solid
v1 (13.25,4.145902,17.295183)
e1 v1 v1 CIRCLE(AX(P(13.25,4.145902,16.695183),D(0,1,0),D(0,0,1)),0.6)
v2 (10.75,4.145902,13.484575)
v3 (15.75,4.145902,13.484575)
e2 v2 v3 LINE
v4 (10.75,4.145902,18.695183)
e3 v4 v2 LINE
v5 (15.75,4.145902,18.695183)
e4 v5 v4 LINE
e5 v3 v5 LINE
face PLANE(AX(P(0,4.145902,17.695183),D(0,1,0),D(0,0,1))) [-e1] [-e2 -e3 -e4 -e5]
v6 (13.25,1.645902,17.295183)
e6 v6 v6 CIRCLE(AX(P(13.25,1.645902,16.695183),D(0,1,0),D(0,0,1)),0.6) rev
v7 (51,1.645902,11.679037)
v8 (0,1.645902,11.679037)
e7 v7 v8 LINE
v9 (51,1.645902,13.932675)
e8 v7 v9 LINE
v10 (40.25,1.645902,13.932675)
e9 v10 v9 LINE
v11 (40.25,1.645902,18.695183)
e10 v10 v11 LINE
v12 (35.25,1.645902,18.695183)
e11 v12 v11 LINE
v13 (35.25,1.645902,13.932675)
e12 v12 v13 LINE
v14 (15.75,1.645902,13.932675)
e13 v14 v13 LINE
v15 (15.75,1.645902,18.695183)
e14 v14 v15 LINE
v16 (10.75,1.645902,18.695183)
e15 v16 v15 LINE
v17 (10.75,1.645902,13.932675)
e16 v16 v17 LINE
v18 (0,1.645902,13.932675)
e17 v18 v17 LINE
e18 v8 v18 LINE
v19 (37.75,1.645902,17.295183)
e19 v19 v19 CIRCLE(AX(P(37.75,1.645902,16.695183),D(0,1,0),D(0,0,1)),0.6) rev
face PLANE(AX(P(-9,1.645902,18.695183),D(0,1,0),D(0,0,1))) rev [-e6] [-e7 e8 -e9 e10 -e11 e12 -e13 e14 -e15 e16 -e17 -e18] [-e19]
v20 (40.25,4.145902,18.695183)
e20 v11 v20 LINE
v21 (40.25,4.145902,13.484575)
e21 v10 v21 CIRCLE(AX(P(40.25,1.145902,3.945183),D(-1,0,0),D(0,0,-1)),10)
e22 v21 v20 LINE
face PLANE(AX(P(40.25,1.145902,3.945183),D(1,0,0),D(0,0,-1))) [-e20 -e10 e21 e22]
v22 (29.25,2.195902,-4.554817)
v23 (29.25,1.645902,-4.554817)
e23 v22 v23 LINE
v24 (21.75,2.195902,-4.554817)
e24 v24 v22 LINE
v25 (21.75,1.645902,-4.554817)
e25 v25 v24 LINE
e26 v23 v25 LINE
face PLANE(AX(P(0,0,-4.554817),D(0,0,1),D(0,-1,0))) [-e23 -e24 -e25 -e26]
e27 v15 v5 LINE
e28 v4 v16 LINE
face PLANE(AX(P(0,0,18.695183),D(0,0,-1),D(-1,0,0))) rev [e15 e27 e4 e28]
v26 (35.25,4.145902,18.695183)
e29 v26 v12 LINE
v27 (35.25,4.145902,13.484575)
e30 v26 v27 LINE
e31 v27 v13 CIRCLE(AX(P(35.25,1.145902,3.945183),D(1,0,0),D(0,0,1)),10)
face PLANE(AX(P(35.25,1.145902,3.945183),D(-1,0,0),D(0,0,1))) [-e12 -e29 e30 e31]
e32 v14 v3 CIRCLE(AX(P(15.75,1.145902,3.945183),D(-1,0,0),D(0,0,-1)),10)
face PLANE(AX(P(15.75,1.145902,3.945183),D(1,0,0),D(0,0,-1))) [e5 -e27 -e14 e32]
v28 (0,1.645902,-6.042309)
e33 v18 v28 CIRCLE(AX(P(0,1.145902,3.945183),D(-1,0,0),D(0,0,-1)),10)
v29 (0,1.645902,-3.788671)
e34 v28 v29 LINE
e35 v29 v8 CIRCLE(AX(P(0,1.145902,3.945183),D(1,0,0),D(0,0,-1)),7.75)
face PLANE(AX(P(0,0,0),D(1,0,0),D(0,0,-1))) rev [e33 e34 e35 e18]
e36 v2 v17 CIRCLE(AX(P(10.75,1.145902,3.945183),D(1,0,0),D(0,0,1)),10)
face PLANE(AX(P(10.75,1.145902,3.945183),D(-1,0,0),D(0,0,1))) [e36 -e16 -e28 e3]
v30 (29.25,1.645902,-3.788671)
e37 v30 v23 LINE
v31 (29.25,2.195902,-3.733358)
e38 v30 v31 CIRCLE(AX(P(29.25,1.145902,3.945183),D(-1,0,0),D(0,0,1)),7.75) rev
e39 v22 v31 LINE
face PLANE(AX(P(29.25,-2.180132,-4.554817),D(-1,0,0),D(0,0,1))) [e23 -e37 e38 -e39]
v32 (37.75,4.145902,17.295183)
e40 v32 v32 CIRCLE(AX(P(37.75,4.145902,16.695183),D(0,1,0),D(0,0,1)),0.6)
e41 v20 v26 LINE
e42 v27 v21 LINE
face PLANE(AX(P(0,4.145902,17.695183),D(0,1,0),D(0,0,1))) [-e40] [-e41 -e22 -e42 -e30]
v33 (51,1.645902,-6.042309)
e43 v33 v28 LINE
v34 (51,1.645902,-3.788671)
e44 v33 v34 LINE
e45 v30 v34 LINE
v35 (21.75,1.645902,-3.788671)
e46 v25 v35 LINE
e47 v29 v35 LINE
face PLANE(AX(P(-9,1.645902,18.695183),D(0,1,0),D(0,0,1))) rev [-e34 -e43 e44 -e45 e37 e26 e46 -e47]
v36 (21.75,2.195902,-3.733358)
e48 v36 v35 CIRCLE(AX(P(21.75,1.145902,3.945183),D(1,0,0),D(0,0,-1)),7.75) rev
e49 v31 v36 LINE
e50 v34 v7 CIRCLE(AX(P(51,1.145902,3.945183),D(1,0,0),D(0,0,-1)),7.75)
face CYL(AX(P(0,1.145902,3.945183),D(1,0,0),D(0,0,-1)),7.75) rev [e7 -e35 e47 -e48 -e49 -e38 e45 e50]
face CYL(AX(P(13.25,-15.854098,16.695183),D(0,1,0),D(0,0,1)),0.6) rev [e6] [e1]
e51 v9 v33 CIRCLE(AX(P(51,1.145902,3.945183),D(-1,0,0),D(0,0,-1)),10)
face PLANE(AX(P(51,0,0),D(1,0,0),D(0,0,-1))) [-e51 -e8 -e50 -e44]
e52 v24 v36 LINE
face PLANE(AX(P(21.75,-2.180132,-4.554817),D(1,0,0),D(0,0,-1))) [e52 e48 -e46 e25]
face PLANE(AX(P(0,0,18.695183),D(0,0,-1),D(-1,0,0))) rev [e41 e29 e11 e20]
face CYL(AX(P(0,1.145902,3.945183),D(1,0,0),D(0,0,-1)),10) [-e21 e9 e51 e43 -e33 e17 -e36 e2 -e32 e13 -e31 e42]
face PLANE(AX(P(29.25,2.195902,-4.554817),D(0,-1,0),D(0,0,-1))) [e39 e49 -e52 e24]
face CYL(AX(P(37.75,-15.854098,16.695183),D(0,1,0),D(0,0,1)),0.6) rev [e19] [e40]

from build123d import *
from build123d.topology import SkipClean

# Parameters (mm, degrees)
SKETCH1_W                = 34
SKETCH1_H                = 30
BOSS_EXTRUDE2_DEPTH      = 51
SKETCH3_R                = 2.55
CUT_EXTRUDE3_DEPTH       = 10
SKETCH5_R                = 7.75
CUT_EXTRUDE4_DEPTH       = 51
SKETCH6_W                = 7
SKETCH6_H                = 30
CUT_EXTRUDE6_DEPTH       = 51
CUT_EXTRUDE7_DEPTH       = 51
CUT_EXTRUDE9_DEPTH       = 1.5
CUT_EXTRUDE9_DEPTH_BACK  = 1.5
BOSS_EXTRUDE5_DEPTH      = 51
CUT_EXTRUDE10_DEPTH      = 13
CUT_EXTRUDE11_START      = -13
CUT_EXTRUDE11_DEPTH      = 13
SKETCH13_W               = 2
SKETCH13_H               = 6
CUT_EXTRUDE12_DEPTH      = 2
CUT_EXTRUDE13_DEPTH      = 13
CUT_EXTRUDE13_DEPTH_BACK = 11
BOSS_EXTRUDE6_DEPTH      = 2.25
BOSS_EXTRUDE7_DEPTH      = 2.25
BOSS_EXTRUDE8_DEPTH      = 2.25
BOSS_EXTRUDE9_DEPTH      = 2.25
SKETCH22_W               = 5
SKETCH22_H               = 6
BOSS_EXTRUDE10_DEPTH     = 1
SKETCH24_W               = 5
SKETCH24_H               = 6
BOSS_EXTRUDE11_DEPTH     = 1
SKETCH25_R               = 0.6
CUT_EXTRUDE14_DEPTH      = 20
SKETCH26_R               = 2.55
BOSS_EXTRUDE12_DEPTH     = 1.5
CUT_EXTRUDE17_DEPTH      = 60


with BuildPart() as part:
    # Sketch1 → Boss-Extrude2 (new body)
    with BuildSketch(Plane(origin=(0, 0, 0), x_dir=(0, 0, -1), z_dir=(1, 0, 0))):
        with Locations((-3.945183177, 6.145902028)):
            Rectangle(SKETCH1_W, SKETCH1_H)
    extrude(amount=BOSS_EXTRUDE2_DEPTH)

    # Sketch3 → Cut-Extrude3 (cut)
    with BuildSketch(Plane(origin=(0, 0, -13.054816823), x_dir=(-1, 0, 0), z_dir=(0, 0, -1))):
        with Locations((-25.5, -1.354097972)):
            Circle(SKETCH3_R)
    extrude(amount=-CUT_EXTRUDE3_DEPTH, mode=Mode.SUBTRACT)

    # Sketch5 → Cut-Extrude4 (cut)
    with BuildSketch(Plane(origin=(51, 0, 0), x_dir=(0, 0, -1), z_dir=(1, 0, 0))):
        with Locations((-3.945183177, 1.145902028)):
            Circle(SKETCH5_R)
    extrude(amount=-CUT_EXTRUDE4_DEPTH, mode=Mode.SUBTRACT)

    # Sketch6 → Cut-Extrude6 (cut)
    with BuildSketch(Plane(origin=(51, 0, 0), x_dir=(0, 0, -1), z_dir=(1, 0, 0))):
        with Locations((9.554816823, 6.145902028)):
            Rectangle(SKETCH6_W, SKETCH6_H)
    extrude(amount=-CUT_EXTRUDE6_DEPTH, mode=Mode.SUBTRACT)

    # Sketch7 → Cut-Extrude7 (cut)
    with BuildSketch(Plane(origin=(51, 0, 0), x_dir=(0, 0, -1), z_dir=(1, 0, 0))):
        with BuildLine():
            Line((-3.945183177, -8.854097972), (-20.945183177, -8.854097972))
            Line((-20.945183177, -8.854097972), (-20.945183177, 21.145902028))
            Line((-20.945183177, 21.145902028), (6.054816823, 21.145902028))
            Line((6.054816823, 21.145902028), (6.054816823, 1.145902028))
            ThreePointArc((6.054816823, 1.145902028), (-11.016250989, 8.21696984), (-3.945183177, -8.854097972))
        make_face()
    extrude(amount=-CUT_EXTRUDE7_DEPTH, mode=Mode.SUBTRACT)

    # Sketch8 → Cut-Extrude9 (cut, two sides: drawn at the far end of the back side and taken through both)
    with BuildSketch(Plane(origin=(0, 0, -3.054816823), x_dir=(-1, 0, 0), z_dir=(0, 0, -1)).offset(-CUT_EXTRUDE9_DEPTH_BACK)):
        Polygon((-21.75, -2.180131646), (-21.75, -4.904097972), (-29.25, -4.904097972), (-29.25, -2.180131646), (-29.25, 2.195902028), (-21.75, 2.195902028), align=None)
    extrude(amount=CUT_EXTRUDE9_DEPTH + CUT_EXTRUDE9_DEPTH_BACK, mode=Mode.SUBTRACT)

    # Sketch10 → Boss-Extrude5 (add)
    with BuildSketch(Plane(origin=(51, 0, 0), x_dir=(0, 0, -1), z_dir=(1, 0, 0))):
        Polygon((-17.695183177, 1.145902028), (-17.695183177, 4.145902028), (-11.695183177, 4.145902028), (-11.695183177, 1.145902028), (-11.695183177, -1.854097972), (-17.695183177, -1.854097972), align=None)
    extrude(amount=-BOSS_EXTRUDE5_DEPTH)

    # Sketch11 → Cut-Extrude10 (cut)
    with BuildSketch(Plane(origin=(51, 0, 0), x_dir=(0, 0, -1), z_dir=(1, 0, 0))):
        with BuildLine():
            Line((-13.484575191, -1.854097972), (-17.695183177, -1.854097972))
            Line((-17.695183177, -1.854097972), (-17.695183177, 4.145902028))
            Line((-17.695183177, 4.145902028), (-13.484575191, 4.145902028))
            ThreePointArc((-13.484575191, 4.145902028), (-13.945183177, 1.145902028), (-13.484575191, -1.854097972))
        make_face()
    extrude(amount=-CUT_EXTRUDE10_DEPTH, mode=Mode.SUBTRACT)

    # Sketch12 → Cut-Extrude11 (cut)
    with BuildSketch(Plane.ZY.offset(CUT_EXTRUDE11_START)):
        with BuildLine():
            Line((13.484575191, -1.854097972), (17.695183177, -1.854097972))
            Line((17.695183177, -1.854097972), (17.695183177, 4.145902028))
            Line((17.695183177, 4.145902028), (13.484575191, 4.145902028))
            ThreePointArc((13.484575191, 4.145902028), (13.945183177, 1.145902028), (13.484575191, -1.854097972))
        make_face()
    extrude(amount=CUT_EXTRUDE11_DEPTH, mode=Mode.SUBTRACT)

    # Sketch13 → Cut-Extrude12 (cut)
    with BuildSketch(Plane.XY.offset(17.695183177)):
        with Locations((25.5, 1.145902028)):
            Rectangle(SKETCH13_W, SKETCH13_H)
    extrude(amount=-CUT_EXTRUDE12_DEPTH, mode=Mode.SUBTRACT)

    # Sketch15 → Cut-Extrude13 (cut, two sides: drawn at the far end of the back side and taken through both)
    with SkipClean():  # the faces are left unmerged after this step: merging them gives an invalid solid
        with BuildSketch(Plane(origin=(24.5, 0, 0), x_dir=(0, 0, -1), z_dir=(1, 0, 0)).offset(-CUT_EXTRUDE13_DEPTH_BACK)):
            with BuildLine():
                Line((-17.695183177, 4.145902028), (-17.695183177, -1.854097972))
                Line((-17.695183177, -1.854097972), (-13.484575191, -1.854097972))
                ThreePointArc((-13.484575191, -1.854097972), (-13.945183177, 1.145902028), (-13.484575191, 4.145902028))
                Line((-13.484575191, 4.145902028), (-17.695183177, 4.145902028))
            make_face()
        extrude(amount=CUT_EXTRUDE13_DEPTH + CUT_EXTRUDE13_DEPTH_BACK, mode=Mode.SUBTRACT)

    # Sketch17 → Boss-Extrude6 (add)
    with SkipClean():  # the faces are left unmerged after this step: merging them gives an invalid solid
        with BuildSketch(Plane(origin=(38, 0, 0), x_dir=(0, 0, -1), z_dir=(1, 0, 0))):
            with BuildLine():
                Line((-13.484575191, 4.145902028), (-17.695183177, 4.145902028))
                Line((-17.695183177, 4.145902028), (-17.695183177, -1.854097972))
                Line((-17.695183177, -1.854097972), (-13.484575191, -1.854097972))
                ThreePointArc((-13.484575191, -1.854097972), (-13.945183177, 1.145902028), (-13.484575191, 4.145902028))
            make_face()
        extrude(amount=BOSS_EXTRUDE6_DEPTH)

    # Sketch19 → Boss-Extrude7 (add)
    with SkipClean():  # the faces are left unmerged after this step: merging them gives an invalid solid
        with BuildSketch(Plane.ZY.offset(-13)):
            with BuildLine():
                Line((13.484575191, 4.145902028), (17.695183177, 4.145902028))
                Line((17.695183177, 4.145902028), (17.695183177, -1.854097972))
                Line((17.695183177, -1.854097972), (13.484575191, -1.854097972))
                ThreePointArc((13.484575191, -1.854097972), (13.945183177, 1.145902028), (13.484575191, 4.145902028))
            make_face()
        extrude(amount=BOSS_EXTRUDE7_DEPTH)

    # Sketch20 → Boss-Extrude8 (add)
    with SkipClean():  # the faces are left unmerged after this step: merging them gives an invalid solid
        with BuildSketch(Plane(origin=(13.5, 0, 0), x_dir=(0, 0, -1), z_dir=(1, 0, 0))):
            with BuildLine():
                Line((-17.695183177, -1.854097972), (-17.695183177, 4.145902028))
                Line((-17.695183177, 4.145902028), (-13.484575191, 4.145902028))
                ThreePointArc((-13.484575191, 4.145902028), (-13.945183177, 1.145902028), (-13.484575191, -1.854097972))
                Line((-13.484575191, -1.854097972), (-17.695183177, -1.854097972))
            make_face()
        extrude(amount=BOSS_EXTRUDE8_DEPTH)

    # Sketch21 → Boss-Extrude9 (add)
    with SkipClean():  # the faces are left unmerged after this step: merging them gives an invalid solid
        with BuildSketch(Plane.ZY.offset(-37.5)):
            with BuildLine():
                Line((13.484575191, 4.145902028), (17.695183177, 4.145902028))
                Line((17.695183177, 4.145902028), (17.695183177, -1.854097972))
                Line((17.695183177, -1.854097972), (13.484575191, -1.854097972))
                ThreePointArc((13.484575191, -1.854097972), (13.945183177, 1.145902028), (13.484575191, 4.145902028))
            make_face()
        extrude(amount=BOSS_EXTRUDE9_DEPTH)

    # Sketch22 → Boss-Extrude10 (add)
    with SkipClean():  # the faces are left unmerged after this step: merging them gives an invalid solid
        with BuildSketch(Plane.XY.offset(17.695183177)):
            with Locations((37.75, 1.145902028)):
                Rectangle(SKETCH22_W, SKETCH22_H)
        extrude(amount=BOSS_EXTRUDE10_DEPTH)

    # Sketch24 → Boss-Extrude11 (add)
    with SkipClean():  # the faces are left unmerged after this step: merging them gives an invalid solid
        with BuildSketch(Plane.XY.offset(17.695183177)):
            with Locations((13.25, 1.145902028)):
                Rectangle(SKETCH24_W, SKETCH24_H)
        extrude(amount=BOSS_EXTRUDE11_DEPTH)

    # Sketch25 → Cut-Extrude14 (cut)
    with SkipClean():  # the faces are left unmerged after this step: merging them gives an invalid solid
        with BuildSketch(Plane(origin=(0, 4.145902028, 0), x_dir=(1, 0, 0), z_dir=(0, 1, 0))):
            with Locations((13.25, -16.695183177)):
                Circle(SKETCH25_R)
            with Locations((37.75, -16.695183177)):
                Circle(SKETCH25_R)
        extrude(amount=-CUT_EXTRUDE14_DEPTH, mode=Mode.SUBTRACT)

    # Sketch26 → Boss-Extrude12 (add)
    with SkipClean():  # the faces are left unmerged after this step: merging them gives an invalid solid
        with BuildSketch(Plane(origin=(0, 0, -6.054816823), x_dir=(-1, 0, 0), z_dir=(0, 0, -1))):
            with Locations((-25.5, -1.354097972)):
                Circle(SKETCH26_R)
        extrude(amount=-BOSS_EXTRUDE12_DEPTH)

    # Sketch27 → Cut-Extrude17 (cut)
    with SkipClean():  # the faces are left unmerged after this step: merging them gives an invalid solid
        with BuildSketch(Plane(origin=(51, 0, 0), x_dir=(0, 0, -1), z_dir=(1, 0, 0))):
            Polygon((-18.695183177, 1.145902028), (-18.695183177, 1.645902028), (6.594766684, 1.645902028), (6.594766684, 1.145902028), (6.594766684, 0.645902028), (6.594766684, -9.845584232), (-18.695183177, -9.845584232), (-18.695183177, 0.645902028), align=None)
        extrude(amount=-CUT_EXTRUDE17_DEPTH, mode=Mode.SUBTRACT)


solid = part.part
